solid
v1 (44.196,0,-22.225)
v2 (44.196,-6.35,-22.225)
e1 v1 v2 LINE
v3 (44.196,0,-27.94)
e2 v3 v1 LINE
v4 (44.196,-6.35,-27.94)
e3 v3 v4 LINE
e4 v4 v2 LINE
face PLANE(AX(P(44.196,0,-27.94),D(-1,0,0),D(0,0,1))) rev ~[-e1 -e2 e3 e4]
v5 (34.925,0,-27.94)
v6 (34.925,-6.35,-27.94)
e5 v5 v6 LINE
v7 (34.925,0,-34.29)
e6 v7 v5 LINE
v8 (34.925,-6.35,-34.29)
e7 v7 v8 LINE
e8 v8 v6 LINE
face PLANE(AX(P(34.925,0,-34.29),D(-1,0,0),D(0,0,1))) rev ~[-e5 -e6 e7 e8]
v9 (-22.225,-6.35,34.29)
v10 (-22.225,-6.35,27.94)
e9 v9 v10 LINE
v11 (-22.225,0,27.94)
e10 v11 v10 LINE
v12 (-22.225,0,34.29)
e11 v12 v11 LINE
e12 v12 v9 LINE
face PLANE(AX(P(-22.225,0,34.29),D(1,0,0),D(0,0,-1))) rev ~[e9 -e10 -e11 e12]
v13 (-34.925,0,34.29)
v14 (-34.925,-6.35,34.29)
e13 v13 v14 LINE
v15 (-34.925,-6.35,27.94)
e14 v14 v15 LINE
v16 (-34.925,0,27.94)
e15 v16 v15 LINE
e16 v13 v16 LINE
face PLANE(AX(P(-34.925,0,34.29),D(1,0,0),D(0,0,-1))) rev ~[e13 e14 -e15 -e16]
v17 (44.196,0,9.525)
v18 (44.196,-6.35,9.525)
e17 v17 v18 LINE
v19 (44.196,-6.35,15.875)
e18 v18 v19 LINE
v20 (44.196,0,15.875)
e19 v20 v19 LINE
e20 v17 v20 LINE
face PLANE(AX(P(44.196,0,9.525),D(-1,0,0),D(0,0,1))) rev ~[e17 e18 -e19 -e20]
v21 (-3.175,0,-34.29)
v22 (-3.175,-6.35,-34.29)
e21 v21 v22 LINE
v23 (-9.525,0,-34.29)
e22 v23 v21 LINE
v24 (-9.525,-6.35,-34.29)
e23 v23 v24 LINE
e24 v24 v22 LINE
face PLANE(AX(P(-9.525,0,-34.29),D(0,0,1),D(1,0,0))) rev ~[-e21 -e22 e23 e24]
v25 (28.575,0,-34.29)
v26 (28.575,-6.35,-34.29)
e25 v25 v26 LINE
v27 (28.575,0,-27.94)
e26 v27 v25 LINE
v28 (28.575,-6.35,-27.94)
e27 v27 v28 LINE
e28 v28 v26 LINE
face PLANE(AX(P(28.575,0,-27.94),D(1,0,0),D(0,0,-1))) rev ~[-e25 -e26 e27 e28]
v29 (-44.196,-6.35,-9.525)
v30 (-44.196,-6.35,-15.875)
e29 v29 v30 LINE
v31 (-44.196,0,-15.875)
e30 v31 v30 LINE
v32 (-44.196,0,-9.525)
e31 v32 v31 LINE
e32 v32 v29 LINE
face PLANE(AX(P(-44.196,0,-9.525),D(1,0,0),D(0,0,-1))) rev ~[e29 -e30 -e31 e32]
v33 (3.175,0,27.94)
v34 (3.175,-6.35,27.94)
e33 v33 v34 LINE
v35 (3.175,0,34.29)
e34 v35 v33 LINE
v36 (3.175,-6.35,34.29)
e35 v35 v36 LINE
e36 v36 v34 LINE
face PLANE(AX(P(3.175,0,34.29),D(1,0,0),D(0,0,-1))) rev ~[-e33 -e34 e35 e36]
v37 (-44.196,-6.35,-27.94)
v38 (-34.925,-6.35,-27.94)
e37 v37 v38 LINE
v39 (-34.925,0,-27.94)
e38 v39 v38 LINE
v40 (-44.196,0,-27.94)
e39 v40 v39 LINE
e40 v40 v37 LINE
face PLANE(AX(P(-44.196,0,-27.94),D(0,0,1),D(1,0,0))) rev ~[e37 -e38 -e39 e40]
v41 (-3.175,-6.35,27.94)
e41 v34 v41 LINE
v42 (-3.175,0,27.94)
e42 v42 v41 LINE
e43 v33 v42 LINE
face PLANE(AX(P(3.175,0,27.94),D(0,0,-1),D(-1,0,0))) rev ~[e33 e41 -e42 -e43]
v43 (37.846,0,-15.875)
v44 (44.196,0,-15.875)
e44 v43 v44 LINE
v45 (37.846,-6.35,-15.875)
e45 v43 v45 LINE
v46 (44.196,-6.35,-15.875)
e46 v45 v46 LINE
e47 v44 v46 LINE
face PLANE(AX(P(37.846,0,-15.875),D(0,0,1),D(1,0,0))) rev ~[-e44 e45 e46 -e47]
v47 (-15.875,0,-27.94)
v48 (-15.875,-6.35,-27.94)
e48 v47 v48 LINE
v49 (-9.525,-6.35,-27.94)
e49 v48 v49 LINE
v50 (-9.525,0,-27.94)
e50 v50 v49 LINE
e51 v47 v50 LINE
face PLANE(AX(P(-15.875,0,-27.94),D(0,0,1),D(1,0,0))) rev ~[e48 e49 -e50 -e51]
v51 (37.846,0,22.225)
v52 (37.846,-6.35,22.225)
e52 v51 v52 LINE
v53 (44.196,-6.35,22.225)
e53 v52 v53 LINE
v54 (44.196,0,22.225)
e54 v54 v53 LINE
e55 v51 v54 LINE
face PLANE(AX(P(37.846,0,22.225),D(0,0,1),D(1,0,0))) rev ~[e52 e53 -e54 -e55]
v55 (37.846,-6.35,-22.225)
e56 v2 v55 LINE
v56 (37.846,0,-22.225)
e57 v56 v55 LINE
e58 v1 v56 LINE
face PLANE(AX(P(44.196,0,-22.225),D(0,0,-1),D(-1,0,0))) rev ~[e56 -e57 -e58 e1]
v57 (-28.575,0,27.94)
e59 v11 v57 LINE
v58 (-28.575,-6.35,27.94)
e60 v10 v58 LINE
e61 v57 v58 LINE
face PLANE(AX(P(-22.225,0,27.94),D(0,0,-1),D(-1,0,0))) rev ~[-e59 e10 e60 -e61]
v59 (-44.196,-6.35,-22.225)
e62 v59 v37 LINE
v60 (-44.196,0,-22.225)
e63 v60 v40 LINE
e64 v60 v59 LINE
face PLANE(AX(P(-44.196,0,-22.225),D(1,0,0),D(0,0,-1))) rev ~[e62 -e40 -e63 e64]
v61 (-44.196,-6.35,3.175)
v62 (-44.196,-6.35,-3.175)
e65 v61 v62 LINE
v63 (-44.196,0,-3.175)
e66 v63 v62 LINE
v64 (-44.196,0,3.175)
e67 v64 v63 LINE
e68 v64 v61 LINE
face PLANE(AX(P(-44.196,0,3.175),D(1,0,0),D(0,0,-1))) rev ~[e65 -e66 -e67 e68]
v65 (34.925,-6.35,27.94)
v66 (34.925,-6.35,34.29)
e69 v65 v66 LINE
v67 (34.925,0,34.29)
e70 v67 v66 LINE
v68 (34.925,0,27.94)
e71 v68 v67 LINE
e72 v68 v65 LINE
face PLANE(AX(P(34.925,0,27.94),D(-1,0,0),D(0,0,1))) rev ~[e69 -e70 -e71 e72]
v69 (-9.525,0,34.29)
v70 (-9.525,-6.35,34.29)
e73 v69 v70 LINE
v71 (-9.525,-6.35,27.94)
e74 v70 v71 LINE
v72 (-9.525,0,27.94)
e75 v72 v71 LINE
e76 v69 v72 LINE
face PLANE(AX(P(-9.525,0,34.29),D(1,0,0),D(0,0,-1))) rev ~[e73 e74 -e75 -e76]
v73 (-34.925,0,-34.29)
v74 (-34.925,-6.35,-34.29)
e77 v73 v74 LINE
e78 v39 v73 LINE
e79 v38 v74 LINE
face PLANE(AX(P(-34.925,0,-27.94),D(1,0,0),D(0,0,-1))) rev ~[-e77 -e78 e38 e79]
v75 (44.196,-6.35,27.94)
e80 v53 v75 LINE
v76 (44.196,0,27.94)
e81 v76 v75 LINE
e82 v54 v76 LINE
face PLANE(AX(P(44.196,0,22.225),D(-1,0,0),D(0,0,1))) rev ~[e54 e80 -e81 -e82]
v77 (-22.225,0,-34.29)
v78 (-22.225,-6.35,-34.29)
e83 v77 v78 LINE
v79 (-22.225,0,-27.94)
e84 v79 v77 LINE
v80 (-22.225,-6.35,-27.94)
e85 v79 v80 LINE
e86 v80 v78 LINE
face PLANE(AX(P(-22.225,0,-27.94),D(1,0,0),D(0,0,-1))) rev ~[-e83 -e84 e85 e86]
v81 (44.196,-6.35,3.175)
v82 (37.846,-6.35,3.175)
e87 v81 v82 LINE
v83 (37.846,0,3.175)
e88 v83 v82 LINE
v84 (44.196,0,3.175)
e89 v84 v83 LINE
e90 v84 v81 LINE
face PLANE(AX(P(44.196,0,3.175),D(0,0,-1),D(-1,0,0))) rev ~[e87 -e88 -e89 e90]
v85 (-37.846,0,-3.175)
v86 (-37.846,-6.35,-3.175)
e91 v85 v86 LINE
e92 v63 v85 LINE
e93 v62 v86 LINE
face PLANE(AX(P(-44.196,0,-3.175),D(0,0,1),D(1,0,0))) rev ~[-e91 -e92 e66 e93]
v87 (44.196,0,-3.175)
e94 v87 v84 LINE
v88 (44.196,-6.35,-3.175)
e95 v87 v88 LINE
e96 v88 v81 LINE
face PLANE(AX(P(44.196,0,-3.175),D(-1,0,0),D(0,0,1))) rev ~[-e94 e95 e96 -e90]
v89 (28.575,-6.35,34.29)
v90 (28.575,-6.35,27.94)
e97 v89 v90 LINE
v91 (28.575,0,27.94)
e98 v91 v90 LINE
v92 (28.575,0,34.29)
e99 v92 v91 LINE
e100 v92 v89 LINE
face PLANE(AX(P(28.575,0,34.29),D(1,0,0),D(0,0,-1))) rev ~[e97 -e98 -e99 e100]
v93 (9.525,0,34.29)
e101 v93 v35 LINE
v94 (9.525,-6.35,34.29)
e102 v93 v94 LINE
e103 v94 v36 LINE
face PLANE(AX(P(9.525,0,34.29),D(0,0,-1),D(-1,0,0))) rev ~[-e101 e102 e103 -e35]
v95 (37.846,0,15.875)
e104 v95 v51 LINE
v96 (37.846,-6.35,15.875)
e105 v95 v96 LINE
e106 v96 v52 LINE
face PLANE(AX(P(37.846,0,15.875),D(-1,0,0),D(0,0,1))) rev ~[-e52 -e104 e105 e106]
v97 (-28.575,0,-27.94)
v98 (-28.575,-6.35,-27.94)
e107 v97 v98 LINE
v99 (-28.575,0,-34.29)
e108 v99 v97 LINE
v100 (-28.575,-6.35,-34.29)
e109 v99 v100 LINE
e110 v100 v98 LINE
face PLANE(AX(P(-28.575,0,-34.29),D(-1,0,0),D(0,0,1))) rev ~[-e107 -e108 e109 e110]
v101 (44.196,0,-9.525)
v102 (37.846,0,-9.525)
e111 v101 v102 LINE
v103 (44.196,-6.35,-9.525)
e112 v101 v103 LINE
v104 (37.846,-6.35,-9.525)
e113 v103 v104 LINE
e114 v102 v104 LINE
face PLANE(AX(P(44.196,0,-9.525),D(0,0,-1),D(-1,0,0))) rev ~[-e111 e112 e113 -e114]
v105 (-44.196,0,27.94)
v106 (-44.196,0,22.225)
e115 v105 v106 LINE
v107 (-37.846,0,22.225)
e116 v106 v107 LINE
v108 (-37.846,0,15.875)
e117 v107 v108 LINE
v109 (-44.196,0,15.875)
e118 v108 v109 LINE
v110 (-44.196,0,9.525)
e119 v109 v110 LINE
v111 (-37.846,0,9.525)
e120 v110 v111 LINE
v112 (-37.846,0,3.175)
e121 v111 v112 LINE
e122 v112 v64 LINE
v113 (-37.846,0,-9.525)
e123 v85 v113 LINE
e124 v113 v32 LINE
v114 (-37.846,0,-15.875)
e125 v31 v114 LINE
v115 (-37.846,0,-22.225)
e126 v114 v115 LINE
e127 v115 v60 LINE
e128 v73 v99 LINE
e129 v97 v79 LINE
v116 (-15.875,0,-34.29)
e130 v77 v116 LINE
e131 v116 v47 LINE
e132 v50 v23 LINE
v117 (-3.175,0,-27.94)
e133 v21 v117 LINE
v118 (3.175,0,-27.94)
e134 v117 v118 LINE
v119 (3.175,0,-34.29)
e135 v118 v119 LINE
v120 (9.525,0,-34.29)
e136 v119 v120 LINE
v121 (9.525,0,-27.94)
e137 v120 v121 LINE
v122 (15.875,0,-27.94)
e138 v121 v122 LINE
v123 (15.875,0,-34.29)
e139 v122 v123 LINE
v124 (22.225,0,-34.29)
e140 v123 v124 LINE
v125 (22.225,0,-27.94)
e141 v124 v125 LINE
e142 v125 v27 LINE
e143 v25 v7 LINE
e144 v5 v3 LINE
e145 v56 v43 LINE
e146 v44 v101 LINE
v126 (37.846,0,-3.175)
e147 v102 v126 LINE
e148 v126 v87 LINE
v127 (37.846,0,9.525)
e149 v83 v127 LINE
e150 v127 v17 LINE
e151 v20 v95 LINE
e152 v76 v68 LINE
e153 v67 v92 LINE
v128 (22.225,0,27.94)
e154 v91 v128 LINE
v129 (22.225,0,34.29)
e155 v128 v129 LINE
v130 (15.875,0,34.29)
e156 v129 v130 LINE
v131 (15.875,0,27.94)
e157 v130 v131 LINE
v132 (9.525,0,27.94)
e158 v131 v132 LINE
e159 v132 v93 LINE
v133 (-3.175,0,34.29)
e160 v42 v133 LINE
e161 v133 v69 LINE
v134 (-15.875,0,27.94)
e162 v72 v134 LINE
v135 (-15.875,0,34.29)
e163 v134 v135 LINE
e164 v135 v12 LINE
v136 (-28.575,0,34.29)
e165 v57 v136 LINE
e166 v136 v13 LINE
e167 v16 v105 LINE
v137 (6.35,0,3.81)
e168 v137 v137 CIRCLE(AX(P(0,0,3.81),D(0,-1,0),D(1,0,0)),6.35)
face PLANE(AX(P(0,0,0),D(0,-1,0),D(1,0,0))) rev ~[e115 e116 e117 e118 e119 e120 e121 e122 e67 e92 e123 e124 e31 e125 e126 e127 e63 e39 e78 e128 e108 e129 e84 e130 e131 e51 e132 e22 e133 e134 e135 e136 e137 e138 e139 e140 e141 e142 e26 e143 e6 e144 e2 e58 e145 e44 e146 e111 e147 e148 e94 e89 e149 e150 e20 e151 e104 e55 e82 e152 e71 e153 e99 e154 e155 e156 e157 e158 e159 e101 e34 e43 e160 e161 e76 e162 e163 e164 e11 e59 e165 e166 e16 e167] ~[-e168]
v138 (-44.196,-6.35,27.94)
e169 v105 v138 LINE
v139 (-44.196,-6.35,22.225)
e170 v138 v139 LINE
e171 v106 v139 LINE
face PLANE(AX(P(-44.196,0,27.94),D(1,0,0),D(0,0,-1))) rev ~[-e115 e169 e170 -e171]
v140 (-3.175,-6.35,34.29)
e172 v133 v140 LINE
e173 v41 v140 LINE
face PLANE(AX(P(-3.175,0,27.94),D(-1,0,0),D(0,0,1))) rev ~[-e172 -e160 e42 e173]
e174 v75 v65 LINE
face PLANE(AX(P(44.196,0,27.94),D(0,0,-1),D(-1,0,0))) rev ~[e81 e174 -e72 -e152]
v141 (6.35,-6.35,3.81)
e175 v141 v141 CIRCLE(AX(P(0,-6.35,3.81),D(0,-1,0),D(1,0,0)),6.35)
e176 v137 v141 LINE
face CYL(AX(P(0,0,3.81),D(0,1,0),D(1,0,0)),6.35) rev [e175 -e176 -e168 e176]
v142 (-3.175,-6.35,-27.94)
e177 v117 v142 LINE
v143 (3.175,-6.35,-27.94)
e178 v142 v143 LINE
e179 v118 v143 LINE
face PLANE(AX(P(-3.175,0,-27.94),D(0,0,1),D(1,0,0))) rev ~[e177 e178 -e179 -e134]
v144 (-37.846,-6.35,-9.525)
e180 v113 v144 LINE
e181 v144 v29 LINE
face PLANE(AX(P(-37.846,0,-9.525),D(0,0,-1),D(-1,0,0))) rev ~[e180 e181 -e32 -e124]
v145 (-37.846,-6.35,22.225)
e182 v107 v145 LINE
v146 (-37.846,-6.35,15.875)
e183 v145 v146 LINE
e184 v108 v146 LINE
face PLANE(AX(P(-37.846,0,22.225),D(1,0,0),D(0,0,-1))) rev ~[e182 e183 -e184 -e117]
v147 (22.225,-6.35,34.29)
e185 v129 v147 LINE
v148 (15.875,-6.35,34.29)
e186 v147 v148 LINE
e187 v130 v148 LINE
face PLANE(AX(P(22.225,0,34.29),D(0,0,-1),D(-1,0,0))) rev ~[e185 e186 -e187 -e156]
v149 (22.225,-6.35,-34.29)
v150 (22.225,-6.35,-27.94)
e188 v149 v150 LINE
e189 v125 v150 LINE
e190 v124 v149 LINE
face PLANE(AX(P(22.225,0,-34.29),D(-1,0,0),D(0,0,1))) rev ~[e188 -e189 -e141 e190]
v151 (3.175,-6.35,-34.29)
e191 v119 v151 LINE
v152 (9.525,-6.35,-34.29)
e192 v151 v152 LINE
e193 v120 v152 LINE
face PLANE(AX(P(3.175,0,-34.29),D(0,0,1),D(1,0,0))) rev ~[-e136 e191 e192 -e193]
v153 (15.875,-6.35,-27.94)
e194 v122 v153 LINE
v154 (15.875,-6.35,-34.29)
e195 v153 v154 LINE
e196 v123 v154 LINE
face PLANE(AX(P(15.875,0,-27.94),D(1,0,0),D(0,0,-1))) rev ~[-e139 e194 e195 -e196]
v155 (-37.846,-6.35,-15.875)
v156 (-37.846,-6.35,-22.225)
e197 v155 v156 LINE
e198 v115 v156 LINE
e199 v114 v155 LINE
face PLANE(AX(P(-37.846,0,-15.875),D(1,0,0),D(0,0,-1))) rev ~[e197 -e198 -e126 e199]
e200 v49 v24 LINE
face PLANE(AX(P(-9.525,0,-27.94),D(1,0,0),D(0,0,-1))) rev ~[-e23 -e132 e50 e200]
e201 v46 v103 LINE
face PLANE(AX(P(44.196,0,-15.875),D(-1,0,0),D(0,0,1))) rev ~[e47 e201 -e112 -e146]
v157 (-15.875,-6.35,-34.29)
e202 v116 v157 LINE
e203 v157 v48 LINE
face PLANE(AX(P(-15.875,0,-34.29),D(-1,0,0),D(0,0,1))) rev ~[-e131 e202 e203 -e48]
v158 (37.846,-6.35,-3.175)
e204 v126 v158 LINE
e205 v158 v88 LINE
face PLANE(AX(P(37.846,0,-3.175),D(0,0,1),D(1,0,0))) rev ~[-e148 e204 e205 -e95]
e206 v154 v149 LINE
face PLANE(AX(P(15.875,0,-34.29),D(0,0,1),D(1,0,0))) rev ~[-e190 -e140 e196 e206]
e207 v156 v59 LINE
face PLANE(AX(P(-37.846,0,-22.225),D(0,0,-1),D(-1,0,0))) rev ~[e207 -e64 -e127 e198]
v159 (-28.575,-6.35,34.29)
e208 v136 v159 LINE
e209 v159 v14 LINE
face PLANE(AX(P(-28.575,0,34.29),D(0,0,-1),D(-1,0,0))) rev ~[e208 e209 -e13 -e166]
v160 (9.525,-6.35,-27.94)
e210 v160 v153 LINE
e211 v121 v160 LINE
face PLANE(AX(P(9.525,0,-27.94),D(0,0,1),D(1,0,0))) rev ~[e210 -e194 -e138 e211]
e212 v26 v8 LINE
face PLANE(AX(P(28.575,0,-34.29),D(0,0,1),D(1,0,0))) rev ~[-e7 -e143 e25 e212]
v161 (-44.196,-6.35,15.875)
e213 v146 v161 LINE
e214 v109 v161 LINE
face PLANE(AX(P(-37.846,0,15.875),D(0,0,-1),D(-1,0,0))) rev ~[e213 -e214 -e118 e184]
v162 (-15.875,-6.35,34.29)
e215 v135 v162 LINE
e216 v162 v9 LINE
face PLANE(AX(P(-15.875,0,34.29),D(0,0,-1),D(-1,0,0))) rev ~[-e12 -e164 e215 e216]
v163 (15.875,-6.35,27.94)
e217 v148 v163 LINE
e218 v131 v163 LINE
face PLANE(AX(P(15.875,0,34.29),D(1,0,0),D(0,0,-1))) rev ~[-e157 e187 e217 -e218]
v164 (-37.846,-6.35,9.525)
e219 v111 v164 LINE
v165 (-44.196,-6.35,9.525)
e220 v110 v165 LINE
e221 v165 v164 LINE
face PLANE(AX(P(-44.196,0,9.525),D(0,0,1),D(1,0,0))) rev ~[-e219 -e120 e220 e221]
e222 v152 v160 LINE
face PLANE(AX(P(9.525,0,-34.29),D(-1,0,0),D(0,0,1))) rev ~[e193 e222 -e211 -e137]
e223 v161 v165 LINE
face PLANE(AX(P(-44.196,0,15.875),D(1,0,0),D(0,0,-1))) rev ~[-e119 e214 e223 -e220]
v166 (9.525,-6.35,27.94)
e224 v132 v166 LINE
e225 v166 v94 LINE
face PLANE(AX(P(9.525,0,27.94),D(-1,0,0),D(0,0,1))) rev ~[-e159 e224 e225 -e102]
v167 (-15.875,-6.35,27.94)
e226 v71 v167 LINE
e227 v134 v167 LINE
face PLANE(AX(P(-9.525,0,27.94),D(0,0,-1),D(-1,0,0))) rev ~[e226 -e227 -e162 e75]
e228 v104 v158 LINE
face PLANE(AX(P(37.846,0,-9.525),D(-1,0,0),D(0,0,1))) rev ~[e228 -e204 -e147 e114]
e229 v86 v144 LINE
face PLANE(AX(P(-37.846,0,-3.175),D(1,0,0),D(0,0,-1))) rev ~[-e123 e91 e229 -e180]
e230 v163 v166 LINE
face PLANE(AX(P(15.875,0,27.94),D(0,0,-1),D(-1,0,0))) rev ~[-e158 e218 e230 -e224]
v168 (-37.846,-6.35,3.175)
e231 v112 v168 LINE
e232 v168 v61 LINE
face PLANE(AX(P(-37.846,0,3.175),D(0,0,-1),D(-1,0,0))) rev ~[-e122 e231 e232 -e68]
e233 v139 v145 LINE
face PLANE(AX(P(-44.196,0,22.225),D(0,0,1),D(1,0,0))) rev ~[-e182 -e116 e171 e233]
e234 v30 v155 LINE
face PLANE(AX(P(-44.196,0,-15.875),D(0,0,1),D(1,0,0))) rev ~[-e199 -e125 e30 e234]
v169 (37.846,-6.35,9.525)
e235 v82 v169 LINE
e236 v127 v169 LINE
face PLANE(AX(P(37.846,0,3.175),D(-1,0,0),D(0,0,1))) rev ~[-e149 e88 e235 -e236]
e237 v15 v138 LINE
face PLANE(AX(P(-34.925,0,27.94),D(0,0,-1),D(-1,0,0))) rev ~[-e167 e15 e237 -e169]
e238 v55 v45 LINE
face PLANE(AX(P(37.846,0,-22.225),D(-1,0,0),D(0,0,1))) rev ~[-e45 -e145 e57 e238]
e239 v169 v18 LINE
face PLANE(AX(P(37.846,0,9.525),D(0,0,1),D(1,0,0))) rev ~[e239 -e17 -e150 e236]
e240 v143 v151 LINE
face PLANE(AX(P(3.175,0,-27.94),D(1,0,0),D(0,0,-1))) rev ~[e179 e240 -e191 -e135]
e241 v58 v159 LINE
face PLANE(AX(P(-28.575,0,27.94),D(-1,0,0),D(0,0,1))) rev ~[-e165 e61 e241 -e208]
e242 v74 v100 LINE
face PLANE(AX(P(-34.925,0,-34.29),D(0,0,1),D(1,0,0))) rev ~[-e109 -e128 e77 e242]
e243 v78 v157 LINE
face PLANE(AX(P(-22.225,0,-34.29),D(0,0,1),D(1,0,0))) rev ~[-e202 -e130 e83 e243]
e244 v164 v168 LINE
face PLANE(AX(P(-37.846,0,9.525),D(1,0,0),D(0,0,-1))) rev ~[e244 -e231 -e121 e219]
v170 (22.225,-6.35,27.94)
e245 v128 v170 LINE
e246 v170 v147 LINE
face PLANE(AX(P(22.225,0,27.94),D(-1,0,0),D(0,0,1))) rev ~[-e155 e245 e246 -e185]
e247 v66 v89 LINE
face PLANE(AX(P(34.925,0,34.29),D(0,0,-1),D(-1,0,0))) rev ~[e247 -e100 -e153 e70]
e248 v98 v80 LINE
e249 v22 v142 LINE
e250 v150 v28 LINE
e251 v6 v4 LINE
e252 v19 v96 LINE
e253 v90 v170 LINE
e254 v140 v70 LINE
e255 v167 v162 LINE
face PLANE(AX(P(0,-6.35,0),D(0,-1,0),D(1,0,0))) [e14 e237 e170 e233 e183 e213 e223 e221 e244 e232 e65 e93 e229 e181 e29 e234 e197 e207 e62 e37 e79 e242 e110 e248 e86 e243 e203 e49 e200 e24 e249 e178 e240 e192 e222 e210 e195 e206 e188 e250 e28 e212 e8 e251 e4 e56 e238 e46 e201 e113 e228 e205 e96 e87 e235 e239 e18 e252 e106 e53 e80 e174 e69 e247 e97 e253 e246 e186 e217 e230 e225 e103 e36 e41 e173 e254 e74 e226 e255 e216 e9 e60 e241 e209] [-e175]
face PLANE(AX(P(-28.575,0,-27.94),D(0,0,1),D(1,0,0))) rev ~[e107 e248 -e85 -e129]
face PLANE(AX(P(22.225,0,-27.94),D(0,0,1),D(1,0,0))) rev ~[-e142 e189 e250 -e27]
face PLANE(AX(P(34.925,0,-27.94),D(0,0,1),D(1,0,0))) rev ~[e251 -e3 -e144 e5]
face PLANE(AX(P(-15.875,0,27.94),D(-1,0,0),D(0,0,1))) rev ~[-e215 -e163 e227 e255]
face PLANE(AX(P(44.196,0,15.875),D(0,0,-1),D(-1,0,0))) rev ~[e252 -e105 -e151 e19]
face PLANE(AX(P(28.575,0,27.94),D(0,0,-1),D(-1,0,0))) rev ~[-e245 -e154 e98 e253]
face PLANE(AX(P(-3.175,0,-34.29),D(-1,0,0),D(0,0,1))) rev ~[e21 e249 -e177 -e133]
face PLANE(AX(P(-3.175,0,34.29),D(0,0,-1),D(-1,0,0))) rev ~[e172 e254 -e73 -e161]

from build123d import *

# Parameters (mm, degrees)
F0_R     = 6.35
F1_DEPTH = 6.35


with BuildPart() as f1:
    # F0 (on Front) → F1 (new body)
    with BuildSketch(Plane.XZ):
        Polygon((44.196, 27.94), (37.846, 27.94), (34.925, 27.94), (34.925, 34.29), (28.575, 34.29), (28.575, 27.94), (22.225, 27.94), (22.225, 34.29), (15.875, 34.29), (15.875, 27.94), (9.525, 27.94), (9.525, 34.29), (3.175, 34.29), (3.175, 27.94), (-3.175, 27.94), (-3.175, 34.29), (-9.525, 34.29), (-9.525, 27.94), (-15.875, 27.94), (-15.875, 34.29), (-22.225, 34.29), (-22.225, 27.94), (-28.575, 27.94), (-28.575, 34.29), (-34.925, 34.29), (-34.925, 27.94), (-37.846, 27.94), (-44.196, 27.94), (-44.196, 22.225), (-37.846, 22.225), (-37.846, 15.875), (-44.196, 15.875), (-44.196, 9.525), (-37.846, 9.525), (-37.846, 3.175), (-44.196, 3.175), (-44.196, -3.175), (-37.846, -3.175), (-37.846, -9.525), (-44.196, -9.525), (-44.196, -15.875), (-37.846, -15.875), (-37.846, -22.225), (-44.196, -22.225), (-44.196, -27.94), (-37.846, -27.94), (-34.925, -27.94), (-34.925, -34.29), (-28.575, -34.29), (-28.575, -27.94), (-22.225, -27.94), (-22.225, -34.29), (-15.875, -34.29), (-15.875, -27.94), (-9.525, -27.94), (-9.525, -34.29), (-3.175, -34.29), (-3.175, -27.94), (3.175, -27.94), (3.175, -34.29), (9.525, -34.29), (9.525, -27.94), (15.875, -27.94), (15.875, -34.29), (22.225, -34.29), (22.225, -27.94), (28.575, -27.94), (28.575, -34.29), (34.925, -34.29), (34.925, -27.94), (37.846, -27.94), (44.196, -27.94), (44.196, -22.225), (37.846, -22.225), (37.846, -15.875), (44.196, -15.875), (44.196, -9.525), (37.846, -9.525), (37.846, -3.175), (44.196, -3.175), (44.196, 3.175), (37.846, 3.175), (37.846, 9.525), (44.196, 9.525), (44.196, 15.875), (37.846, 15.875), (37.846, 22.225), (44.196, 22.225), align=None)
        with Locations((0, 3.81)):
            Circle(F0_R, mode=Mode.SUBTRACT)
    extrude(amount=F1_DEPTH)


solid = f1.part
